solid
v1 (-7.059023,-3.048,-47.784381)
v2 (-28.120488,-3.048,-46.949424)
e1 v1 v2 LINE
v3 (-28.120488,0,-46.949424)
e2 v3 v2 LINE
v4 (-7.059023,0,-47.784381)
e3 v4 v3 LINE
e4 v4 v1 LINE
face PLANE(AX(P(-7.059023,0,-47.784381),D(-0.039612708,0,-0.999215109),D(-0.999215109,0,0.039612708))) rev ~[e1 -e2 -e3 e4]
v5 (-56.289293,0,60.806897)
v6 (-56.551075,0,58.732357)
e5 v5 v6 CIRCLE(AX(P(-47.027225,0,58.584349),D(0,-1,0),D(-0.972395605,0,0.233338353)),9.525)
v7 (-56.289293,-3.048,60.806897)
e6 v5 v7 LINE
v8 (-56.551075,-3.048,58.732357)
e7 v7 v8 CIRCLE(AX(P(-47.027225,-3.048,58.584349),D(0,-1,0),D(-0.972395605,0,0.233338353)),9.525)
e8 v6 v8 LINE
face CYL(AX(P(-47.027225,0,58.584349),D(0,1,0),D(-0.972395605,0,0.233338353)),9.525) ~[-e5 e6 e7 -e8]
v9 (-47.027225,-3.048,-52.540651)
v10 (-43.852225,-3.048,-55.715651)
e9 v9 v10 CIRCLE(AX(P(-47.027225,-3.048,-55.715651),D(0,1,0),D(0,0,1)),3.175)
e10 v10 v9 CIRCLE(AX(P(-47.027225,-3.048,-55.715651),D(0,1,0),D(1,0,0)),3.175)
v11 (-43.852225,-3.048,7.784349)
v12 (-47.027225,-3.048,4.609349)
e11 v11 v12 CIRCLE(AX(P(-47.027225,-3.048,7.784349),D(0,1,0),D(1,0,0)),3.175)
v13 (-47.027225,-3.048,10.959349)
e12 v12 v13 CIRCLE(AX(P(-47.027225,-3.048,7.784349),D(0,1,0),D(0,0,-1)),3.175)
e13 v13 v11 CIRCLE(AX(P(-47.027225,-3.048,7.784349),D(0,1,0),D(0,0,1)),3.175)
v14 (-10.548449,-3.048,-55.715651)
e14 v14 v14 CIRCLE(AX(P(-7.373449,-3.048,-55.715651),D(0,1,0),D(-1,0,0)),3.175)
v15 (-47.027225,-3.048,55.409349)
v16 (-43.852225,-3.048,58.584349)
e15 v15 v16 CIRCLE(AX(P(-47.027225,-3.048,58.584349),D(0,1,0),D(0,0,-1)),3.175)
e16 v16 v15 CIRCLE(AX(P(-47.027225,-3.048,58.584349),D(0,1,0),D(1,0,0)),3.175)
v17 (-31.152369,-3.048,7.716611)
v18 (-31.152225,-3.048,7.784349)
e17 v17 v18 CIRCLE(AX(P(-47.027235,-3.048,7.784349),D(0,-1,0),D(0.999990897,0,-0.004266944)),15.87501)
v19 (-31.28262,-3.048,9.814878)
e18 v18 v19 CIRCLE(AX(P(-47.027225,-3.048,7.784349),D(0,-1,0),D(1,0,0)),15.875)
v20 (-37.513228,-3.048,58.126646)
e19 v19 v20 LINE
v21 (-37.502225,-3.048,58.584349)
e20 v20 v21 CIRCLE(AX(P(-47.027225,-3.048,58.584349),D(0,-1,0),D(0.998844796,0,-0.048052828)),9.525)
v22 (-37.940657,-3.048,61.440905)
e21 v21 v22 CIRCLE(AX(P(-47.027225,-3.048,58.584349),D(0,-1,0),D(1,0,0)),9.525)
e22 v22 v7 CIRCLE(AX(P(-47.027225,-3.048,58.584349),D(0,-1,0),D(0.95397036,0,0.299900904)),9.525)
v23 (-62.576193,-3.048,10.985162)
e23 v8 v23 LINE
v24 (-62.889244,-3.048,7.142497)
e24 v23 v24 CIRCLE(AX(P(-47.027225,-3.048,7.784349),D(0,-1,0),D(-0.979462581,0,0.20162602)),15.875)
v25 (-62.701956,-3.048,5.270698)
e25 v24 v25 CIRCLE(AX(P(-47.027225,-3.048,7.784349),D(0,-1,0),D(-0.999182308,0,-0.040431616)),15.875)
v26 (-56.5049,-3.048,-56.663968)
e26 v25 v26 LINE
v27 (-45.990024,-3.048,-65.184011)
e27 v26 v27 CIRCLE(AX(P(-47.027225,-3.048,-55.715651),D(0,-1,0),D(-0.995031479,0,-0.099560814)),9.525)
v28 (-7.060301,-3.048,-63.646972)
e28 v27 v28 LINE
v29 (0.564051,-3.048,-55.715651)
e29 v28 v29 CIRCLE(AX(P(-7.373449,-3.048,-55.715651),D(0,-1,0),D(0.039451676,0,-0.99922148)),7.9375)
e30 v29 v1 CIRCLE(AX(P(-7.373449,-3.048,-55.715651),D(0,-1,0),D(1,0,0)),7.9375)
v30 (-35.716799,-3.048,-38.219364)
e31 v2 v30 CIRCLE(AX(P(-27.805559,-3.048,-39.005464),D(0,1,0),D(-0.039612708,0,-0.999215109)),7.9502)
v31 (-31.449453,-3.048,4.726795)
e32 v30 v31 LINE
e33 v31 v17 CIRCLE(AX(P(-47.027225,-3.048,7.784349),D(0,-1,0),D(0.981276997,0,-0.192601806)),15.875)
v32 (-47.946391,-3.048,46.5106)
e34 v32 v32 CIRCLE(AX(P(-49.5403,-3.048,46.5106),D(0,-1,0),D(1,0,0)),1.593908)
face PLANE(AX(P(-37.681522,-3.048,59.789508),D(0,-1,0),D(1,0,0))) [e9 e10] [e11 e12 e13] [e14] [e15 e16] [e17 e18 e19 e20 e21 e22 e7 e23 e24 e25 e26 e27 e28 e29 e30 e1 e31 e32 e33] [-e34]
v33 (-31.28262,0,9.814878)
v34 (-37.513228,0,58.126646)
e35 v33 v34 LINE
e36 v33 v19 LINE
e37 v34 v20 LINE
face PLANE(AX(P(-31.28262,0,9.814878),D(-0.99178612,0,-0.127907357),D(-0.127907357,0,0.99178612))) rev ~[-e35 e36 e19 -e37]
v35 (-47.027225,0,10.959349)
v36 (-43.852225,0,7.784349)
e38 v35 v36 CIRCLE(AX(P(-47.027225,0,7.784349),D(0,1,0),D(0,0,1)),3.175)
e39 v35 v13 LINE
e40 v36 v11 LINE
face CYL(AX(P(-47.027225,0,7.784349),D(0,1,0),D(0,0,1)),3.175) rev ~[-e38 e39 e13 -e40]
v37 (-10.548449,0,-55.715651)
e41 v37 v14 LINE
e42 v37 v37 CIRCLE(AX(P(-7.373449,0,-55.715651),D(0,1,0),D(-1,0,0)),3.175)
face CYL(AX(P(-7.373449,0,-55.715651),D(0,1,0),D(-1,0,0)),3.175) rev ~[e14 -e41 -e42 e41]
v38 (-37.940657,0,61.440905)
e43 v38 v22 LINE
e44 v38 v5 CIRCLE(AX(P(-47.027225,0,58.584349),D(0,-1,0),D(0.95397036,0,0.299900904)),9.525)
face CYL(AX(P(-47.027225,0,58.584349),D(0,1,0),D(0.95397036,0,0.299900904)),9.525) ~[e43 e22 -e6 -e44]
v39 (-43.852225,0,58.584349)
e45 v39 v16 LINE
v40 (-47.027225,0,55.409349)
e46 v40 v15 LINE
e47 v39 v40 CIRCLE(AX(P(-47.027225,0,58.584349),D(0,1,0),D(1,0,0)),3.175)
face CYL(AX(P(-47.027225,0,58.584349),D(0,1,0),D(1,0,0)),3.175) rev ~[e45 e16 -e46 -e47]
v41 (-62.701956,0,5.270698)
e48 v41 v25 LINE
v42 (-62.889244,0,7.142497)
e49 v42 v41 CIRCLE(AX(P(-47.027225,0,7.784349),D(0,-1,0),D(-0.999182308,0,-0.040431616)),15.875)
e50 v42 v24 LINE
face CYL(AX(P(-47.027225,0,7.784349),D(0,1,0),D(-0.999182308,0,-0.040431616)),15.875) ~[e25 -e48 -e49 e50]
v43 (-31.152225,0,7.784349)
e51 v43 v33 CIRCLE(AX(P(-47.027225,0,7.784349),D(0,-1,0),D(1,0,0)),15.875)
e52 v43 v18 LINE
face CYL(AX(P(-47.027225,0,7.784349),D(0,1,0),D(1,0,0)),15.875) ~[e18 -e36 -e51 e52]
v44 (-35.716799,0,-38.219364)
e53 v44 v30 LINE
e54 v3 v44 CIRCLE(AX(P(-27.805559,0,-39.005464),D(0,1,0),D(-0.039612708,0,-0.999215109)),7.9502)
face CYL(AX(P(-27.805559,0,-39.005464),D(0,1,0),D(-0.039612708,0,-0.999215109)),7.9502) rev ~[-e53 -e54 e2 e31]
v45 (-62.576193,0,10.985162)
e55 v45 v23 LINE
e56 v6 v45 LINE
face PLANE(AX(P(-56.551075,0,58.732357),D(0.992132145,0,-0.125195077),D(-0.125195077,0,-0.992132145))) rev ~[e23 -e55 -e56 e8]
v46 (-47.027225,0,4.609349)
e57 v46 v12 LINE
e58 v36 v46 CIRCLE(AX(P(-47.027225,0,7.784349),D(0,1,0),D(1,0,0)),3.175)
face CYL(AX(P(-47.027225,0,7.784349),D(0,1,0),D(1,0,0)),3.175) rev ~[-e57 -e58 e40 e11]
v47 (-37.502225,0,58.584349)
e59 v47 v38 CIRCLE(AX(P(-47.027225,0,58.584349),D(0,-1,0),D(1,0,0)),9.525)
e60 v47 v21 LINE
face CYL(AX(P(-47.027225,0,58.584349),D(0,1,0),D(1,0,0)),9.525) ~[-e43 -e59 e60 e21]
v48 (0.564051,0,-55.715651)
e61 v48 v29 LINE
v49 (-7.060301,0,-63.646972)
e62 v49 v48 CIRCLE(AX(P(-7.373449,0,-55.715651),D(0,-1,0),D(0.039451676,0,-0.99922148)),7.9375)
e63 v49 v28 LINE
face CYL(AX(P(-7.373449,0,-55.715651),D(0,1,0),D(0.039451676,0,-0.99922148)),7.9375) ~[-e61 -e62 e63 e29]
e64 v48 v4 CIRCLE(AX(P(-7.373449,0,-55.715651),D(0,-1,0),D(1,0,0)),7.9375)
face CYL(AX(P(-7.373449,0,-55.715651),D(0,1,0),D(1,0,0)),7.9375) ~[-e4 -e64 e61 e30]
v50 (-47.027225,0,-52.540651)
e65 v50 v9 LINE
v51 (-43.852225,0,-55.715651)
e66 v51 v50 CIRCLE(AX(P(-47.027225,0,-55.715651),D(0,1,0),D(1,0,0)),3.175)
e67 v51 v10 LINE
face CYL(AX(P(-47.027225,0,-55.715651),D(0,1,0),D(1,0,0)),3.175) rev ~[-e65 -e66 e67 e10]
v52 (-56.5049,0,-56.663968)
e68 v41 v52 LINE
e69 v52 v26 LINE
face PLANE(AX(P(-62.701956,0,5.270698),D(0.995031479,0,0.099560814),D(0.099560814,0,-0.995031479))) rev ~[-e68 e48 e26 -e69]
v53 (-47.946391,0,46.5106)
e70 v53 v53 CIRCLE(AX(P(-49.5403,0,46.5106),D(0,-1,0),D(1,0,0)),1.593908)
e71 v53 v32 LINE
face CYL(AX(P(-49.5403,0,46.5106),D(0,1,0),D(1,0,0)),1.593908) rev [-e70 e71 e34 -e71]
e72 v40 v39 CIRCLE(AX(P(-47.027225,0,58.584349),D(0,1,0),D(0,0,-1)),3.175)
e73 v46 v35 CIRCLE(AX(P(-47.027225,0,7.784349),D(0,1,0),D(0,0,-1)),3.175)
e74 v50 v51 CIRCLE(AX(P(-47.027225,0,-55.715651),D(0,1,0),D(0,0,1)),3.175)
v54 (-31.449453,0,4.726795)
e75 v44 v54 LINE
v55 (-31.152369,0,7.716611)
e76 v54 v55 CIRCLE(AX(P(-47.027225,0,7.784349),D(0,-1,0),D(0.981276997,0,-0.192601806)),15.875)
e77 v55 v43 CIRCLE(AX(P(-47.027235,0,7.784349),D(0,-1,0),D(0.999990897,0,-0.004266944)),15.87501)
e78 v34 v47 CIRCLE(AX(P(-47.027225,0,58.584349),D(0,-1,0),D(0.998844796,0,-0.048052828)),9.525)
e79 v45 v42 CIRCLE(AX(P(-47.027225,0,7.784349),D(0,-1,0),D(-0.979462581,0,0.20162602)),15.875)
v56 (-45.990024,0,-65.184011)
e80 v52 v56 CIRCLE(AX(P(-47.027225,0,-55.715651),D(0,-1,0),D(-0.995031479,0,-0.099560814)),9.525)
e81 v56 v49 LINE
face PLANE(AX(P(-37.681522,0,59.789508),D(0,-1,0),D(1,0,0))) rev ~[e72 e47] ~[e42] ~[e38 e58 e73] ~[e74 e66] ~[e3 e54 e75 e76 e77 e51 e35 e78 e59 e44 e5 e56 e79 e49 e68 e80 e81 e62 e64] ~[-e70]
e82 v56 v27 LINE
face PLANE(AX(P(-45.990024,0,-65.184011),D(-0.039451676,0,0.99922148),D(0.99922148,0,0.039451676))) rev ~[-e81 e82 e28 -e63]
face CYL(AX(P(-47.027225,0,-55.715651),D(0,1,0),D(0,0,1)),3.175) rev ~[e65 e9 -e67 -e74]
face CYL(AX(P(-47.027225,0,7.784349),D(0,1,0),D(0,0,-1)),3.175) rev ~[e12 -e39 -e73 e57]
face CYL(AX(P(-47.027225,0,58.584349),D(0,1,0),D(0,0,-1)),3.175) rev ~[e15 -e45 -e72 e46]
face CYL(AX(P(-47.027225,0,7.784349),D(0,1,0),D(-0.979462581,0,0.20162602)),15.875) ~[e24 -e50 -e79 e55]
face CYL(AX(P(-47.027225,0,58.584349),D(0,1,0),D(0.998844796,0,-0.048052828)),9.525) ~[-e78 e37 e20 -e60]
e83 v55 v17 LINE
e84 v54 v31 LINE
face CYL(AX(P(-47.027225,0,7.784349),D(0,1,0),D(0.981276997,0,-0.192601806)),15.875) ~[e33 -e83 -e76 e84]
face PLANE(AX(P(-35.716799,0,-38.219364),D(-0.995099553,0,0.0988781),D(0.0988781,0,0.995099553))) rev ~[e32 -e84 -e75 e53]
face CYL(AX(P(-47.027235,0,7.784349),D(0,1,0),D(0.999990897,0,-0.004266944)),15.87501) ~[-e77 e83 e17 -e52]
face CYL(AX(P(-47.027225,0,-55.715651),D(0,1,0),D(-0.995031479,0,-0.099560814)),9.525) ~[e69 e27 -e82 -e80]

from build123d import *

# Parameters (mm, degrees)
F0_R     = 1.5939084554
F1_DEPTH = 3.048


with BuildPart() as f1:
    # F0 (on Front) → F1 (new body)
    with BuildSketch(Plane.XZ):
        with BuildLine():
            ThreePointArc((-37.513228268, 58.1266457065), (-37.5049761739, 58.3554311802), (-37.5022249461, 58.5843488964))
            ThreePointArc((-37.5022249461, 58.5843488964), (-37.6124710423, 60.0293519865), (-37.9406572675, 61.4409050085))
            Line((-37.9406572675, 61.4409050085), (-37.513228268, 58.1266457065))
        make_face()
        with BuildLine():
            Line((-37.513228268, 58.1266457065), (-37.9406572675, 61.4409050085))
            ThreePointArc((-37.9406572675, 61.4409050085), (-47.3561500663, 68.1036678461), (-56.2892930862, 60.8068967067))
            Line((-56.2892930862, 60.8068967067), (-56.5510749385, 58.7323567411))
            ThreePointArc((-56.5510749385, 58.7323567411), (-53.8145439942, 51.9016903581), (-47.0272249461, 49.0593488964))
            ThreePointArc((-47.0272249461, 49.0593488964), (-40.4558475366, 51.689232948), (-37.513228268, 58.1266457065))
        make_face()
        with BuildLine():
            ThreePointArc((-43.8522249461, 58.5843488964), (-44.7821609158, 56.3392848661), (-47.0272249461, 55.4093488964))
            ThreePointArc((-47.0272249461, 55.4093488964), (-49.2722889764, 60.8294129267), (-43.8522249461, 58.5843488964))
        make_face(mode=Mode.SUBTRACT)
        with BuildLine():
            Line((-31.2826202902, 9.8148781945), (-37.513228268, 58.1266457065))
            ThreePointArc((-37.513228268, 58.1266457065), (-40.4558475366, 51.689232948), (-47.0272249461, 49.0593488964))
            Line((-47.0272249461, 49.0593488964), (-47.0272249461, 23.6593488964))
            ThreePointArc((-47.0272249461, 23.6593488964), (-36.5443586302, 19.7059737355), (-31.2826202902, 9.8148781945))
        make_face()
        with BuildLine():
            Line((-56.5510749385, 58.7323567411), (-56.2892930862, 60.8068967067))
            ThreePointArc((-56.2892930862, 60.8068967067), (-56.4772836251, 59.7768320044), (-56.5510749385, 58.7323567411))
        make_face()
        with BuildLine():
            Line((-47.0272249461, 23.6593488964), (-47.0272249461, 49.0593488964))
            ThreePointArc((-47.0272249461, 49.0593488964), (-53.8145439942, 51.9016903581), (-56.5510749385, 58.7323567411))
            Line((-56.5510749385, 58.7323567411), (-62.5761934224, 10.9851619686))
            ThreePointArc((-62.5761934224, 10.9851619686), (-57.0572478145, 20.0893993335), (-47.0272249461, 23.6593488964))
        make_face()
        with Locations((-49.5402999222, 46.5105995536)):
            Circle(F0_R, mode=Mode.SUBTRACT)
        with BuildLine():
            ThreePointArc((-31.1522249461, 7.7843488964), (-31.1848573214, 8.8017048047), (-31.2826202902, 9.8148781945))
            ThreePointArc((-31.2826202902, 9.8148781945), (-36.5443586302, 19.7059737355), (-47.0272249461, 23.6593488964))
            Line((-47.0272249461, 23.6593488964), (-47.0272249461, 10.9593488964))
            ThreePointArc((-47.0272249461, 10.9593488964), (-44.7821609158, 10.0294129267), (-43.8522249461, 7.7843488964))
            ThreePointArc((-43.8522249461, 7.7843488964), (-44.7821609158, 5.5392848661), (-47.0272249461, 4.6093488964))
            Line((-47.0272249461, 4.6093488964), (-47.0272249461, -8.0906511036))
            ThreePointArc((-47.0272249461, -8.0906511036), (-36.9406754756, -4.4744089844), (-31.4494526235, 4.7267952233))
            Line((-31.4494526235, 4.7267952233), (-31.1523694634, 7.7166111531))
            ThreePointArc((-31.1523694634, 7.7166111531), (-31.1522610755, 7.7504799477), (-31.1522249461, 7.7843488964))
        make_face()
        with BuildLine():
            Line((-47.0272249461, 10.9593488964), (-47.0272249461, 23.6593488964))
            ThreePointArc((-47.0272249461, 23.6593488964), (-57.0572478145, 20.0893993335), (-62.5761934224, 10.9851619686))
            ThreePointArc((-62.5761934224, 10.9851619686), (-62.849805464, 9.0733681958), (-62.8892440844, 7.1424970002))
            Line((-62.8892440844, 7.1424970002), (-62.7019557202, 5.2706981331))
            ThreePointArc((-62.7019557202, 5.2706981331), (-57.3255602274, -4.2970382521), (-47.0272249461, -8.0906511036))
            Line((-47.0272249461, -8.0906511036), (-47.0272249461, 4.6093488964))
            ThreePointArc((-47.0272249461, 4.6093488964), (-50.2022249461, 7.7843488964), (-47.0272249461, 10.9593488964))
        make_face()
        with BuildLine():
            ThreePointArc((-31.4494526235, 4.7267952233), (-31.2300195353, 6.2146590511), (-31.1523694634, 7.7166111531))
            Line((-31.1523694634, 7.7166111531), (-31.4494526235, 4.7267952233))
        make_face()
        with BuildLine():
            Line((-62.7019557202, 5.2706981331), (-62.8892440844, 7.1424970002))
            ThreePointArc((-62.8892440844, 7.1424970002), (-62.8233496768, 6.203820981), (-62.7019557202, 5.2706981331))
        make_face()
        with BuildLine():
            Line((-35.7167991292, -38.2193635433), (-31.4494526235, 4.7267952233))
            ThreePointArc((-31.4494526235, 4.7267952233), (-36.9406754756, -4.4744089844), (-47.0272249461, -8.0906511036))
            Line((-47.0272249461, -8.0906511036), (-47.0272249461, -46.1906511036))
            ThreePointArc((-47.0272249461, -46.1906511036), (-40.2920328553, -48.9804590128), (-37.5022249461, -55.7156511036))
            Line((-37.5022249461, -55.7156511036), (-15.310948927, -55.7156511036))
            ThreePointArc((-15.310948927, -55.7156511036), (-12.8738194092, -49.9929043149), (-7.0590230542, -47.7843811788))
            Line((-7.0590230542, -47.7843811788), (-28.1204876136, -46.9494241745))
            ThreePointArc((-28.1204876136, -46.9494241745), (-33.8031377964, -44.2241541431), (-35.7167991292, -38.2193635433))
        make_face()
        with BuildLine():
            ThreePointArc((-47.0272249461, -8.0906511036), (-57.3255602274, -4.2970382521), (-62.7019557202, 5.2706981331))
            Line((-62.7019557202, 5.2706981331), (-56.5048997845, -56.6639678528))
            ThreePointArc((-56.5048997845, -56.6639678528), (-54.0897436907, -49.3245280425), (-47.0272249461, -46.1906511036))
            Line((-47.0272249461, -46.1906511036), (-47.0272249461, -8.0906511036))
        make_face()
        with BuildLine():
            ThreePointArc((-47.0272249461, -46.1906511036), (-54.0897436907, -49.3245280425), (-56.5048997845, -56.6639678528))
            ThreePointArc((-56.5048997845, -56.6639678528), (-53.0237393117, -63.1161538205), (-45.9900241775, -65.1840110231))
            ThreePointArc((-45.9900241775, -65.1840110231), (-39.9348007371, -62.0735708766), (-37.5022249461, -55.7156511036))
            Line((-37.5022249461, -55.7156511036), (-43.8522249461, -55.7156511036))
            ThreePointArc((-43.8522249461, -55.7156511036), (-49.2722889764, -57.9607151339), (-47.0272249461, -52.5406511036))
            Line((-47.0272249461, -52.5406511036), (-47.0272249461, -46.1906511036))
        make_face()
        with BuildLine():
            ThreePointArc((-37.5022249461, -55.7156511036), (-39.9348007371, -62.0735708766), (-45.9900241775, -65.1840110231))
            Line((-45.9900241775, -65.1840110231), (-7.0603012501, -63.6469715978))
            ThreePointArc((-7.0603012501, -63.6469715978), (-12.8742805261, -61.4379546579), (-15.310948927, -55.7156511036))
            Line((-15.310948927, -55.7156511036), (-37.5022249461, -55.7156511036))
        make_face()
        with BuildLine():
            ThreePointArc((0.564051073, -55.7156511036), (-1.6507021383, -50.2152806213), (-7.0590230542, -47.7843811788))
            ThreePointArc((-7.0590230542, -47.7843811788), (-12.8738194092, -49.9929043149), (-15.310948927, -55.7156511036))
            ThreePointArc((-15.310948927, -55.7156511036), (-12.8742805261, -61.4379546579), (-7.0603012501, -63.6469715978))
            ThreePointArc((-7.0603012501, -63.6469715978), (-1.6511453727, -61.2164827028), (0.564051073, -55.7156511036))
        make_face()
        with BuildLine():
            ThreePointArc((-4.198448927, -55.7156511036), (-7.373448927, -58.8906511036), (-10.548448927, -55.7156511036))
            ThreePointArc((-10.548448927, -55.7156511036), (-7.373448927, -52.5406511036), (-4.198448927, -55.7156511036))
        make_face(mode=Mode.SUBTRACT)
        with BuildLine():
            ThreePointArc((-37.5022249461, -55.7156511036), (-40.2920328553, -48.9804590128), (-47.0272249461, -46.1906511036))
            Line((-47.0272249461, -46.1906511036), (-47.0272249461, -52.5406511036))
            ThreePointArc((-47.0272249461, -52.5406511036), (-44.7821609158, -53.4705870733), (-43.8522249461, -55.7156511036))
            Line((-43.8522249461, -55.7156511036), (-37.5022249461, -55.7156511036))
        make_face()
    extrude(amount=F1_DEPTH)


solid = f1.part
